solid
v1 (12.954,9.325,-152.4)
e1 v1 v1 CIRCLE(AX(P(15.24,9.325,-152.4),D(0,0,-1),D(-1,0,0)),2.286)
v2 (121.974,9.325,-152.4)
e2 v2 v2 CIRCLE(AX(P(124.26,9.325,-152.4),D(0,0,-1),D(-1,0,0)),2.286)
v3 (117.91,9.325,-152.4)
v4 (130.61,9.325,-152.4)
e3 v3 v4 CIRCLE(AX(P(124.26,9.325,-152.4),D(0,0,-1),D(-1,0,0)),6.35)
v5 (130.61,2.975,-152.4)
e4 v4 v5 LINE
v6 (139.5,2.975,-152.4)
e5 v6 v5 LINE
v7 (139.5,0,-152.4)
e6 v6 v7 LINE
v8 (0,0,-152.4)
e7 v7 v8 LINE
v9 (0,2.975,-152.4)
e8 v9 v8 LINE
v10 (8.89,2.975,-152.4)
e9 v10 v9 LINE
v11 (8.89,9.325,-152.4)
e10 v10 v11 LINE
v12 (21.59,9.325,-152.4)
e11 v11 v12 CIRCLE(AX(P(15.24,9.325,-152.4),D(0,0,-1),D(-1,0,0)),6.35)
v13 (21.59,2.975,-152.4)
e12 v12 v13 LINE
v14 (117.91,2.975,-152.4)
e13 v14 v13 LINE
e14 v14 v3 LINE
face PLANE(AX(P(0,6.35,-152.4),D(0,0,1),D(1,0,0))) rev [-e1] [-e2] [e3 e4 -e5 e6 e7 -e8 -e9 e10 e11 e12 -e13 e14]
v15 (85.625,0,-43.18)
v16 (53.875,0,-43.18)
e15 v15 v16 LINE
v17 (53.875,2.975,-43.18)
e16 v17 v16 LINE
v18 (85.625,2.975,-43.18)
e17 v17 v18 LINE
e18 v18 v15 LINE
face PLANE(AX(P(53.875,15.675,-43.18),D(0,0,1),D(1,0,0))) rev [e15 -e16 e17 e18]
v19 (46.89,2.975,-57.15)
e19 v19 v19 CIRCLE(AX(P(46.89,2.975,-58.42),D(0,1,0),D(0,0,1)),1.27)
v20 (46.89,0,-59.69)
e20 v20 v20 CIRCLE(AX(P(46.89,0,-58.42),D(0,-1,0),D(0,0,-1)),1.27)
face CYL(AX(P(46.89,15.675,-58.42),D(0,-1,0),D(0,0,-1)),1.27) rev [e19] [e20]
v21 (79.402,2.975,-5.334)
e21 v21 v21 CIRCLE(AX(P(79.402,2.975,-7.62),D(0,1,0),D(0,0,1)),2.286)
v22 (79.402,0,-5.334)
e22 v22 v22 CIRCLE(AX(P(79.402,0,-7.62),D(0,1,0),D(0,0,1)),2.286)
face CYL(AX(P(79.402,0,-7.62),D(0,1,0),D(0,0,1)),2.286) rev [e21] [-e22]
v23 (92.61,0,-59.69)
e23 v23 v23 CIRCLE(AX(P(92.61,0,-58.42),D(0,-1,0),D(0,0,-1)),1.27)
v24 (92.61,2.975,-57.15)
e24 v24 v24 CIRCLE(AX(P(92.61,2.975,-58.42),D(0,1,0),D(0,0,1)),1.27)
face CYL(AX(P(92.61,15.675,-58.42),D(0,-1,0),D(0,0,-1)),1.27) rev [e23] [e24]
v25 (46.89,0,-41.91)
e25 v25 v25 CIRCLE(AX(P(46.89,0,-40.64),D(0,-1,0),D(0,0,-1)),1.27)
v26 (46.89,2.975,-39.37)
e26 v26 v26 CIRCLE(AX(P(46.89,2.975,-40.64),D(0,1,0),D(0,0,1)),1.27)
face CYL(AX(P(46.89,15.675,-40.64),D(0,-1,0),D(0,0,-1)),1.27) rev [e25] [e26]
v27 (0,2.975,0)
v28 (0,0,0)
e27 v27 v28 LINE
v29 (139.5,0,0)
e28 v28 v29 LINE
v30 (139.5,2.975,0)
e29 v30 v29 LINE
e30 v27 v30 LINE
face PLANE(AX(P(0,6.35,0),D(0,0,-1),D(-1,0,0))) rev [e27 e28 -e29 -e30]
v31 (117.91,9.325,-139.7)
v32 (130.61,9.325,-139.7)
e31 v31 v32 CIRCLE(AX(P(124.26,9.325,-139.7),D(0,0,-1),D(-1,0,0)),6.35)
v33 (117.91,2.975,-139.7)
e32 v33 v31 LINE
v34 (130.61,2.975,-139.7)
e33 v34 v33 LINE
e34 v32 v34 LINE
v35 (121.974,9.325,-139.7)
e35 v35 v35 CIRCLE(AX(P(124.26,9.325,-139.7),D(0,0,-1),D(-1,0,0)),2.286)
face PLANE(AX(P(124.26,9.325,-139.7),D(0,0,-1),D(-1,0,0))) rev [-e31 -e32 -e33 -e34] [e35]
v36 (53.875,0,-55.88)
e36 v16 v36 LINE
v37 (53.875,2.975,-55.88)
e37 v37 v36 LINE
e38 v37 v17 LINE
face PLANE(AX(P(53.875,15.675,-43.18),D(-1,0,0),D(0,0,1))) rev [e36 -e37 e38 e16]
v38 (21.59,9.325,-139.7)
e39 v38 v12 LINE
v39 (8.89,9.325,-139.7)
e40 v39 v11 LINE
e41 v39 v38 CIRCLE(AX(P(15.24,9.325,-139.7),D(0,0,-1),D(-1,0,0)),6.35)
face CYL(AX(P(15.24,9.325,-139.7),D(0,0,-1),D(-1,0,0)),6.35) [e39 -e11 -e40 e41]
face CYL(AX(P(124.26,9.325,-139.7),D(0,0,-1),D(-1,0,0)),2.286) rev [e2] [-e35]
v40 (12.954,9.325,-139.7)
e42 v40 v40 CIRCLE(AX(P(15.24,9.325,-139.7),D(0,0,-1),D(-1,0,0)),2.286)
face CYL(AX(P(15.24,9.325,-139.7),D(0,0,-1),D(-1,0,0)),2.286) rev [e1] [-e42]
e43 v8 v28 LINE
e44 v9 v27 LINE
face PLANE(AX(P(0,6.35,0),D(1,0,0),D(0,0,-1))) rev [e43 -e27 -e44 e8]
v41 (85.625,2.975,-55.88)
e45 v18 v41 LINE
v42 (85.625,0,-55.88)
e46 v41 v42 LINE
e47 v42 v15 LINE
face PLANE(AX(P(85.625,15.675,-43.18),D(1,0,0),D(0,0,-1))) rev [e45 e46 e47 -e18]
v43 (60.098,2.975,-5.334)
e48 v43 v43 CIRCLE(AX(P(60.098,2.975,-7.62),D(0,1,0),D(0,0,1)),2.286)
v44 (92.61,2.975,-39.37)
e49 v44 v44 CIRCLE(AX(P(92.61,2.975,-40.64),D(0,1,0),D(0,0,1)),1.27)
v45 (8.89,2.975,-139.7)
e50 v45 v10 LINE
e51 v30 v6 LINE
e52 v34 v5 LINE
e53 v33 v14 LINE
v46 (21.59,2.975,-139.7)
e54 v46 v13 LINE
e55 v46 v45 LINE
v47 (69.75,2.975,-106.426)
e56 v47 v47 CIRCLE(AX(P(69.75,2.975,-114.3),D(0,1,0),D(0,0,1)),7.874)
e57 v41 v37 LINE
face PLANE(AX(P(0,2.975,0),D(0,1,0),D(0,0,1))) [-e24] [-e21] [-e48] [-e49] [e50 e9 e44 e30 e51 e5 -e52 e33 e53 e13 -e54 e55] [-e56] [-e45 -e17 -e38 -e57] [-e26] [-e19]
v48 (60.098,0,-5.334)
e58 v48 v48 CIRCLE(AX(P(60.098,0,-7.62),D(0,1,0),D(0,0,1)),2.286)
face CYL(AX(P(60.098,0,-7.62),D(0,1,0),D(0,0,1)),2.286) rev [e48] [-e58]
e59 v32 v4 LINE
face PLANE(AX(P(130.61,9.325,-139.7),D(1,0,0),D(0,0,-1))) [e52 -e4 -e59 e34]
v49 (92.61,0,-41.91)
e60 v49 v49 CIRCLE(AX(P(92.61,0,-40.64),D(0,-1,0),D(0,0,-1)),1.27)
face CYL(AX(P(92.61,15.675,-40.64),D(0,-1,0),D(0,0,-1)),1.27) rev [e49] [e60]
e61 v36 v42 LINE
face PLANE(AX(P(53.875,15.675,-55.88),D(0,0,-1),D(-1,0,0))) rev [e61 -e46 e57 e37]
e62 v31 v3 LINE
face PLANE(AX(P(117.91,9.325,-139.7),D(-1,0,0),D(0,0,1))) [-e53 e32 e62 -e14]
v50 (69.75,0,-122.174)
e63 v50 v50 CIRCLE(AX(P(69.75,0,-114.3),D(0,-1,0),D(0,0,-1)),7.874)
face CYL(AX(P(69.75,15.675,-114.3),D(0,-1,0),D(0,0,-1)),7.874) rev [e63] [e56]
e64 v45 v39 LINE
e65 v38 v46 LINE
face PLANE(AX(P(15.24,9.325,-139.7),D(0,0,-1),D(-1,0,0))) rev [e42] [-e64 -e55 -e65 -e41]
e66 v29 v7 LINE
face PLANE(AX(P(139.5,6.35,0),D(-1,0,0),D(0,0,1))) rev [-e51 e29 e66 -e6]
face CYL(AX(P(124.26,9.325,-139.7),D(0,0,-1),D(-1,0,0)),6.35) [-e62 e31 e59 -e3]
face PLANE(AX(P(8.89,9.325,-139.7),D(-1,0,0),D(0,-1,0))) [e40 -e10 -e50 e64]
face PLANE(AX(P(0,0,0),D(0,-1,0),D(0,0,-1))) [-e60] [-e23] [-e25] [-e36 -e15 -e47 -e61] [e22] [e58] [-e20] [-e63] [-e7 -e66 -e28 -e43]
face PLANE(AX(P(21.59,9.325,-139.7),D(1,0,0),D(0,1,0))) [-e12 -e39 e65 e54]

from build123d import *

# Parameters (mm, degrees)
SKETCH1_W               = 139.5
SKETCH1_H               = 152.4
BOSS_EXTRUDE1_DEPTH     = 6.35
SKETCH2_W               = 139.5
SKETCH2_H               = 152.4
CUT_EXTRUDE1_DEPTH      = 3.375
SKETCH4_R               = 2.286
BOSS_EXTRUDE3_DEPTH     = 12.7
SKETCH5_R               = 7.874
CUT_EXTRUDE2_DEPTH      = 16.675
SKETCH6_R               = 2.286
CUT_EXTRUDE3_DEPTH      = 3.975
SKETCH7_R               = 1.27
SKETCH7_W               = 31.75
SKETCH7_H               = 12.7
CUT_EXTRUDE4_DEPTH      = 1
CUT_EXTRUDE4_DEPTH_BACK = 16.675


with BuildPart() as part:
    # Sketch1 → Boss-Extrude1 (new body)
    with BuildSketch(Plane(origin=(0, 0, 0), x_dir=(1, 0, 0), z_dir=(0, 1, 0))):
        with Locations((69.75, 76.2)):
            Rectangle(SKETCH1_W, SKETCH1_H)
    extrude(amount=BOSS_EXTRUDE1_DEPTH)

    # Sketch2 → Cut-Extrude1 (cut)
    with BuildSketch(Plane(origin=(0, 6.35, 0), x_dir=(1, 0, 0), z_dir=(0, 1, 0))):
        with Locations((69.75, 76.2)):
            Rectangle(SKETCH2_W, SKETCH2_H)
    extrude(amount=-CUT_EXTRUDE1_DEPTH, mode=Mode.SUBTRACT)

    # Sketch4 → Boss-Extrude3 (add)
    with BuildSketch(Plane(origin=(0, 0, -152.4), x_dir=(-1, 0, 0), z_dir=(0, 0, -1))):
        with BuildLine():
            Line((-130.61, 9.325), (-130.61, 2.975))
            Line((-130.61, 2.975), (-117.91, 2.975))
            Line((-117.91, 2.975), (-117.91, 9.325))
            ThreePointArc((-117.91, 9.325), (-124.26, 15.675), (-130.61, 9.325))
        make_face()
        with Locations((-124.26, 9.325)):
            Circle(SKETCH4_R, mode=Mode.SUBTRACT)
        with BuildLine():
            Line((-21.59, 9.325), (-21.59, 2.975))
            Line((-21.59, 2.975), (-8.89, 2.975))
            Line((-8.89, 2.975), (-8.89, 9.325))
            ThreePointArc((-8.89, 9.325), (-15.24, 15.675), (-21.59, 9.325))
        make_face()
        with Locations((-15.24, 9.325)):
            Circle(SKETCH4_R, mode=Mode.SUBTRACT)
    extrude(amount=-BOSS_EXTRUDE3_DEPTH)

    # Sketch5 → Cut-Extrude2 (cut, through all)
    with BuildSketch(Plane.XZ):
        with Locations((69.75, -114.3)):
            Circle(SKETCH5_R)
    extrude(amount=-CUT_EXTRUDE2_DEPTH, mode=Mode.SUBTRACT)

    # Sketch6 → Cut-Extrude3 (cut, through all)
    with BuildSketch(Plane(origin=(0, 2.975, 0), x_dir=(1, 0, 0), z_dir=(0, 1, 0))):
        with Locations((60.098, 7.62)):
            Circle(SKETCH6_R)
        with Locations((79.402, 7.62)):
            Circle(SKETCH6_R)
    extrude(amount=-CUT_EXTRUDE3_DEPTH, mode=Mode.SUBTRACT)

    # Sketch7 → Cut-Extrude4 (cut, two sides)
    with BuildSketch(Plane.XZ) as cut_extrude4_sk:
        with Locations((46.89, -40.64)):
            Circle(SKETCH7_R)
        with Locations((92.61, -40.64)):
            Circle(SKETCH7_R)
        with Locations((92.61, -58.42)):
            Circle(SKETCH7_R)
        with Locations((46.89, -58.42)):
            Circle(SKETCH7_R)
        with Locations((69.75, -49.53)):
            Rectangle(SKETCH7_W, SKETCH7_H)
    extrude(amount=CUT_EXTRUDE4_DEPTH, mode=Mode.SUBTRACT)
    extrude(cut_extrude4_sk.sketch, amount=-CUT_EXTRUDE4_DEPTH_BACK, mode=Mode.SUBTRACT)


solid = part.part
